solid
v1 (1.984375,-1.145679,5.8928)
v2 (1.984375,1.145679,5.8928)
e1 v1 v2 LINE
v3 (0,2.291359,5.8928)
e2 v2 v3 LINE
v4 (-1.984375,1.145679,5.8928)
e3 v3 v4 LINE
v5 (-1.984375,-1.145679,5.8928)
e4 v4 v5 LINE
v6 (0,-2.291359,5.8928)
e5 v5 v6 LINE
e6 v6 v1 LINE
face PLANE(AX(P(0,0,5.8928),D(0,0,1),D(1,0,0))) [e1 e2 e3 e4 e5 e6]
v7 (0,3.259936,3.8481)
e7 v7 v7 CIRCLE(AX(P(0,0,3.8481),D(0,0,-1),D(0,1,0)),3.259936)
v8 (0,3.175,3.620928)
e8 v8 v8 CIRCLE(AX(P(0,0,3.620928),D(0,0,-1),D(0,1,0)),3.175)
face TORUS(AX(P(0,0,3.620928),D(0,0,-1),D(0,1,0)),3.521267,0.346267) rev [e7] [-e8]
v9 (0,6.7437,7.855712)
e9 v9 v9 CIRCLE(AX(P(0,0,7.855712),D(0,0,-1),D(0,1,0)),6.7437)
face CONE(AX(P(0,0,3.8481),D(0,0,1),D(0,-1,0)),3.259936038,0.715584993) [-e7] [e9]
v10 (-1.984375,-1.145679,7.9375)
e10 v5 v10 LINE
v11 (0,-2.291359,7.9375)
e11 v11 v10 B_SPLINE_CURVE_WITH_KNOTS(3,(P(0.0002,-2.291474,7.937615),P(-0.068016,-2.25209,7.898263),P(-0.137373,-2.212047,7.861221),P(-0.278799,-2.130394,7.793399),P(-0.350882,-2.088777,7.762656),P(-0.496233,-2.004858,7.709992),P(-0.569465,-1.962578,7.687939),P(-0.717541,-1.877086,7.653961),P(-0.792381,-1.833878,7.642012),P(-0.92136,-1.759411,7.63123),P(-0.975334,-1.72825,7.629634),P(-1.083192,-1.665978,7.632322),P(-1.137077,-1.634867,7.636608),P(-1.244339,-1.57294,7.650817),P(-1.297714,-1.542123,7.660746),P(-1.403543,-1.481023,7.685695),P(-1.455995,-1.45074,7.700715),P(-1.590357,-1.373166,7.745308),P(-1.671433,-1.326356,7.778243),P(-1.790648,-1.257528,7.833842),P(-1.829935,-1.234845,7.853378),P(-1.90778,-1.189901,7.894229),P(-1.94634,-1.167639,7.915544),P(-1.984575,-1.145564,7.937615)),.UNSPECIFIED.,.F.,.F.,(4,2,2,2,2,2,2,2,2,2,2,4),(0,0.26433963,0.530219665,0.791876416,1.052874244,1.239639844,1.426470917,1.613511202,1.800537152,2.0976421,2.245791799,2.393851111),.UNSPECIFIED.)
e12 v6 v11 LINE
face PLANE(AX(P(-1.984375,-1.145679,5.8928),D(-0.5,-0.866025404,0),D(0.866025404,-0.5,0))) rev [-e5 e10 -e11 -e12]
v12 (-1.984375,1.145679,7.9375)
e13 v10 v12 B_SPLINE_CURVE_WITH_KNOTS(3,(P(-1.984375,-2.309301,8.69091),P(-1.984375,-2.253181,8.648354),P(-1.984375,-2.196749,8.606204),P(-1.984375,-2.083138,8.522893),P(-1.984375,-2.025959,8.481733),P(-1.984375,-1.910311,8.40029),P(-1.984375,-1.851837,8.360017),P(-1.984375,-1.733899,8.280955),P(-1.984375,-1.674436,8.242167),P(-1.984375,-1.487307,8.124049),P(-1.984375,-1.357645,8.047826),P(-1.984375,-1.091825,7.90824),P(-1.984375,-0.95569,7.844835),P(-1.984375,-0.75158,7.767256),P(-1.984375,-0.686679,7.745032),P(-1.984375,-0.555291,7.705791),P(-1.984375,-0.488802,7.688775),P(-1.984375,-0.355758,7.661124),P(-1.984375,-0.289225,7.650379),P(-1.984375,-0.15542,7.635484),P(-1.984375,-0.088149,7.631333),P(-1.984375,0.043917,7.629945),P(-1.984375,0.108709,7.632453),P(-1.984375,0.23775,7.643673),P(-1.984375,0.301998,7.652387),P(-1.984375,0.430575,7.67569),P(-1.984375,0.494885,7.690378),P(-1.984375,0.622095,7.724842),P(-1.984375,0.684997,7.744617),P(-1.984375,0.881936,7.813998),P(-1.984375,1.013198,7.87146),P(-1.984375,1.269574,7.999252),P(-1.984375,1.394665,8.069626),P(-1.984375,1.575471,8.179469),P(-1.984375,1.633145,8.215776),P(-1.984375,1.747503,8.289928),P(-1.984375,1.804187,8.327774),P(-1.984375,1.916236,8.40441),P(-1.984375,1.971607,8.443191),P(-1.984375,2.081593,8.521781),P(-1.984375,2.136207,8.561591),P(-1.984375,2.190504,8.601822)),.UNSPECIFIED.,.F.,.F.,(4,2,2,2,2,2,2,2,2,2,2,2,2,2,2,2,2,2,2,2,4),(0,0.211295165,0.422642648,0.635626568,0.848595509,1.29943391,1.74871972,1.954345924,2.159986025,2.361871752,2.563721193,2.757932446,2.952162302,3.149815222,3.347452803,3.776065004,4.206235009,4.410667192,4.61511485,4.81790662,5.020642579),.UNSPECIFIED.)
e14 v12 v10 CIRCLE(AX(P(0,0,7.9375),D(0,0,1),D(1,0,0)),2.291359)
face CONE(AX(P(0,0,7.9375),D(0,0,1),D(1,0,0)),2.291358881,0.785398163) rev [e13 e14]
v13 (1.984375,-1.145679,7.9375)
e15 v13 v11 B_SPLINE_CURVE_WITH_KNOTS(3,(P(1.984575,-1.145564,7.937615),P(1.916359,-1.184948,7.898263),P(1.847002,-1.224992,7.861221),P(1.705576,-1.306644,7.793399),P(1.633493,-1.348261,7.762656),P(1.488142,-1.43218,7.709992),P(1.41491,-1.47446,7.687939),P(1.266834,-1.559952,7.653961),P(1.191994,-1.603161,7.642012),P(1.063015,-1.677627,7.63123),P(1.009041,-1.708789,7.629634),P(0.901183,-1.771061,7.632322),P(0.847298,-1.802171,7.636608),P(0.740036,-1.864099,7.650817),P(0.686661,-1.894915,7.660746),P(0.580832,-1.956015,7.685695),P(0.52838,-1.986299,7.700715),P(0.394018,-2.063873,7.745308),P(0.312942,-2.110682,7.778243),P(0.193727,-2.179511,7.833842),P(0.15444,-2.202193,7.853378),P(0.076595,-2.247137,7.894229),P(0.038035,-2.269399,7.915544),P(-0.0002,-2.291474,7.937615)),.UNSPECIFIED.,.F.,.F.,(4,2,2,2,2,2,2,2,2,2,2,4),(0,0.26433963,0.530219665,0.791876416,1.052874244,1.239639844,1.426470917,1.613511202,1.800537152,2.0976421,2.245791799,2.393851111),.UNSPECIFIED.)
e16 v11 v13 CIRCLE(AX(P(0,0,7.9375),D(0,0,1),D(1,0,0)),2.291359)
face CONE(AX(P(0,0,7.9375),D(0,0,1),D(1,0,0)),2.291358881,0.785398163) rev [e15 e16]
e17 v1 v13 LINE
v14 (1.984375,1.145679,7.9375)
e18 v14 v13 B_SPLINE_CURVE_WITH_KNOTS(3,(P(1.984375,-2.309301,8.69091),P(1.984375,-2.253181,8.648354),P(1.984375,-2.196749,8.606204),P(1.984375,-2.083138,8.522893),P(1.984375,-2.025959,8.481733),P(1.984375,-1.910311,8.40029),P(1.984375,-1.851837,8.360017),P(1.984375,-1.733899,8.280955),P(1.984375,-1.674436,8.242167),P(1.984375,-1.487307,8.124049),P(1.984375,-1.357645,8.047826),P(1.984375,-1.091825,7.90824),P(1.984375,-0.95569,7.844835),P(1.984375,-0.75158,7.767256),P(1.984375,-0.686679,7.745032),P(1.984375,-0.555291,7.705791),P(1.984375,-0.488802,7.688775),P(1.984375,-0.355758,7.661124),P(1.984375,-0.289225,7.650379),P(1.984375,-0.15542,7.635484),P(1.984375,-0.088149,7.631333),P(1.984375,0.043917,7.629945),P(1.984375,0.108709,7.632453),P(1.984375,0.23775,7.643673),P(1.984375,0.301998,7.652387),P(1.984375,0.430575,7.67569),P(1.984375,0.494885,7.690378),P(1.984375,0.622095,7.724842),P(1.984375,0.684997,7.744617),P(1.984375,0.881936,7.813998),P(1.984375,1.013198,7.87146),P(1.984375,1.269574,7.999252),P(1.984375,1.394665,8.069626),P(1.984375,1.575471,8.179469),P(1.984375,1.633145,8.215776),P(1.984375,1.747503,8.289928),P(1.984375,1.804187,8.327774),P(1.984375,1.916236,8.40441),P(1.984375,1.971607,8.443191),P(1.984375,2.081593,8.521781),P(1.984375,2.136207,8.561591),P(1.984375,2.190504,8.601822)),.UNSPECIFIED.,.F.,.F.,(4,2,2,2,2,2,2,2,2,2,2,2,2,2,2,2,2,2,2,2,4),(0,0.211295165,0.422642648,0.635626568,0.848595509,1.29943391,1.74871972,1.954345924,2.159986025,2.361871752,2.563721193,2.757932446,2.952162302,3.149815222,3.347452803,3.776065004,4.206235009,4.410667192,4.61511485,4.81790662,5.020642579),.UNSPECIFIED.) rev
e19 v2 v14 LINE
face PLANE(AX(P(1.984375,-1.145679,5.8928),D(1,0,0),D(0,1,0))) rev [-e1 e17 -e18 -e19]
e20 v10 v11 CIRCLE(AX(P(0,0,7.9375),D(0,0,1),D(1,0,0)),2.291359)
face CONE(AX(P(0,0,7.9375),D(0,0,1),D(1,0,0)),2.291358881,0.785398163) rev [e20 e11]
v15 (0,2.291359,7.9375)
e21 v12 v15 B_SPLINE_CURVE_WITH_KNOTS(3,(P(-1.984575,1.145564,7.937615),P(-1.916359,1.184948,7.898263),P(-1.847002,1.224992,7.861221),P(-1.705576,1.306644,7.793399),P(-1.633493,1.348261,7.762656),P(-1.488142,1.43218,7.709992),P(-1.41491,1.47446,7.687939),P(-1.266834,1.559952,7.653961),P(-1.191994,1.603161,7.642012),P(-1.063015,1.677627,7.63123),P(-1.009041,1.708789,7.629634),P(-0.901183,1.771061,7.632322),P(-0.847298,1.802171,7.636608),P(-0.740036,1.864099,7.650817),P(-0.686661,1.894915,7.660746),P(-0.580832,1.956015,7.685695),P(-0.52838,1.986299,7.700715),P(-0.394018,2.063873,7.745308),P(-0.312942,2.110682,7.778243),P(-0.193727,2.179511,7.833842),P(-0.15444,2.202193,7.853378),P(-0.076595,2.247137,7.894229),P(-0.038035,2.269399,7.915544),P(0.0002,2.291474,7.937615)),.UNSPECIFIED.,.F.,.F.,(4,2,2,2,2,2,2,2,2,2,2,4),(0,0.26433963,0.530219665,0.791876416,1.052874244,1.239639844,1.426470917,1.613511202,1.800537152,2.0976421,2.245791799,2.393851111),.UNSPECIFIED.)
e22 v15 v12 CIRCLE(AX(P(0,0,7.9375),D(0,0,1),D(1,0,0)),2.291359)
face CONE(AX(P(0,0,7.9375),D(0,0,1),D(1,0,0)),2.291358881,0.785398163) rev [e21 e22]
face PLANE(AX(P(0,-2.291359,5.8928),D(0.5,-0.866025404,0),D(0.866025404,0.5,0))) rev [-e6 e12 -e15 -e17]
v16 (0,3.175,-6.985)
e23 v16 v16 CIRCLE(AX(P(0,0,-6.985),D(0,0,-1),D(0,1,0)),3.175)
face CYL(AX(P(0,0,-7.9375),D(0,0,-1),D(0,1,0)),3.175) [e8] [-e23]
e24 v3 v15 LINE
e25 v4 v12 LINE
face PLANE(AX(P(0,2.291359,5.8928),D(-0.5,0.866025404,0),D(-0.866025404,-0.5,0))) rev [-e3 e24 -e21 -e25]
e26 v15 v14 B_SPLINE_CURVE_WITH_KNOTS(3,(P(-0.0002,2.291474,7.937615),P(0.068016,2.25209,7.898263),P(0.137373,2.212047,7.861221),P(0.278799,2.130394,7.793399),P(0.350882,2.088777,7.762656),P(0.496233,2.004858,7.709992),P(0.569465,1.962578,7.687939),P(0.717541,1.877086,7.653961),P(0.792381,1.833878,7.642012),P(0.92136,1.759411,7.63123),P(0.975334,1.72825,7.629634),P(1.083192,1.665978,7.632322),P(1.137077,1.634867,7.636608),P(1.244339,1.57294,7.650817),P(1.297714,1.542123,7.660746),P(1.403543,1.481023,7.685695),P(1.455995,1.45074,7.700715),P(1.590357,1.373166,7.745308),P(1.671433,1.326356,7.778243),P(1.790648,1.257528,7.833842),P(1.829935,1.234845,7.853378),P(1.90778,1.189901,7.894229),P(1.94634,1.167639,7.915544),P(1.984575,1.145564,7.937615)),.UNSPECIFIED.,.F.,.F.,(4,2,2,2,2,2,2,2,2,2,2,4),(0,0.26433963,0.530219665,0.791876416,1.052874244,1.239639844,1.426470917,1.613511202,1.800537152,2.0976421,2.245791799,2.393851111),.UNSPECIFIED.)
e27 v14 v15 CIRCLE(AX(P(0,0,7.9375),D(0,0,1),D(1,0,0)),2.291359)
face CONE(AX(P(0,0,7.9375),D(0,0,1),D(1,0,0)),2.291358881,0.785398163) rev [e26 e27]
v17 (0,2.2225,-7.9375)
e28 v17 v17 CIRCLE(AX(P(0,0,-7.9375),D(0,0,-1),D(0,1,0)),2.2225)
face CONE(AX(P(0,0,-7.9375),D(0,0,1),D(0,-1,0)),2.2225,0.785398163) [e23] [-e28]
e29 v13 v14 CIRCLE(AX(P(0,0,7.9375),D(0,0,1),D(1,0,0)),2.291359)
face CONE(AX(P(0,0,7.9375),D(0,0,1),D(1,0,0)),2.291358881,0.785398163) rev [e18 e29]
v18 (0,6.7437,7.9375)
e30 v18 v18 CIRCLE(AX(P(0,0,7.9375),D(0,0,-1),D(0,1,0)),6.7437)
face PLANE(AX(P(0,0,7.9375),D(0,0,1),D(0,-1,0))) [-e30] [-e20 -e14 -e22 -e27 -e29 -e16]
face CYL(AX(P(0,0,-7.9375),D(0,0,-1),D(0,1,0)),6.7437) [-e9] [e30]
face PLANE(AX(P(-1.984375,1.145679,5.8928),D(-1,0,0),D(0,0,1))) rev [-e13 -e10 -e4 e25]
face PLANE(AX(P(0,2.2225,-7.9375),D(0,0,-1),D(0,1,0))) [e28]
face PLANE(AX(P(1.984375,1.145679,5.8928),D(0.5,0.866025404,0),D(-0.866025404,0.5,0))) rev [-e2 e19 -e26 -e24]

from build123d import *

# Parameters (mm, degrees)
SKETCH10_R         = 2.291358881
CUT_EXTRUDE2_DEPTH = 2.0447
CUT_EXTRUDE2_TAPER = 45
CUT_EXTRUDE1_DEPTH = 2.0447


with BuildPart() as part:
    # Sketch11 → Revolve1 (revolve)
    with BuildSketch(Plane(origin=(0, 0, 0), x_dir=(0, 0, -1), z_dir=(1, 0, 0))):
        with BuildLine():
            Line((-7.855712, 6.7437), (-3.8481, 3.259936038))
            ThreePointArc((-3.8481, 3.259936038), (-3.742193592, 3.196928347), (-3.620928247, 3.175))
            Line((-3.620928247, 3.175), (6.985, 3.175))
            Line((6.985, 3.175), (7.9375, 2.2225))
            Line((7.9375, 2.2225), (7.9375, 0))
            Line((7.9375, 0), (-7.9375, 0))
            Line((-7.9375, 0), (-7.9375, 6.7437))
            Line((-7.9375, 6.7437), (-7.855712, 6.7437))
        make_face()
    revolve(axis=Axis((0, 0, -7.9375), (0, 0, 1)))

    # Sketch10 → Cut-Extrude2 (cut)
    with BuildSketch(Plane.XY.offset(7.9375)):
        Circle(SKETCH10_R)
    extrude(amount=-CUT_EXTRUDE2_DEPTH, taper=CUT_EXTRUDE2_TAPER, mode=Mode.SUBTRACT)

    # Sketch9 → Cut-Extrude1 (cut)
    with BuildSketch(Plane.XY.offset(7.9375)):
        Polygon((1.984375, -1.14567944), (1.984375, 1.14567944), (0, 2.291358881), (-1.984375, 1.14567944), (-1.984375, -1.14567944), (0, -2.291358881), align=None)
    extrude(amount=-CUT_EXTRUDE1_DEPTH, mode=Mode.SUBTRACT)


solid = part.part
